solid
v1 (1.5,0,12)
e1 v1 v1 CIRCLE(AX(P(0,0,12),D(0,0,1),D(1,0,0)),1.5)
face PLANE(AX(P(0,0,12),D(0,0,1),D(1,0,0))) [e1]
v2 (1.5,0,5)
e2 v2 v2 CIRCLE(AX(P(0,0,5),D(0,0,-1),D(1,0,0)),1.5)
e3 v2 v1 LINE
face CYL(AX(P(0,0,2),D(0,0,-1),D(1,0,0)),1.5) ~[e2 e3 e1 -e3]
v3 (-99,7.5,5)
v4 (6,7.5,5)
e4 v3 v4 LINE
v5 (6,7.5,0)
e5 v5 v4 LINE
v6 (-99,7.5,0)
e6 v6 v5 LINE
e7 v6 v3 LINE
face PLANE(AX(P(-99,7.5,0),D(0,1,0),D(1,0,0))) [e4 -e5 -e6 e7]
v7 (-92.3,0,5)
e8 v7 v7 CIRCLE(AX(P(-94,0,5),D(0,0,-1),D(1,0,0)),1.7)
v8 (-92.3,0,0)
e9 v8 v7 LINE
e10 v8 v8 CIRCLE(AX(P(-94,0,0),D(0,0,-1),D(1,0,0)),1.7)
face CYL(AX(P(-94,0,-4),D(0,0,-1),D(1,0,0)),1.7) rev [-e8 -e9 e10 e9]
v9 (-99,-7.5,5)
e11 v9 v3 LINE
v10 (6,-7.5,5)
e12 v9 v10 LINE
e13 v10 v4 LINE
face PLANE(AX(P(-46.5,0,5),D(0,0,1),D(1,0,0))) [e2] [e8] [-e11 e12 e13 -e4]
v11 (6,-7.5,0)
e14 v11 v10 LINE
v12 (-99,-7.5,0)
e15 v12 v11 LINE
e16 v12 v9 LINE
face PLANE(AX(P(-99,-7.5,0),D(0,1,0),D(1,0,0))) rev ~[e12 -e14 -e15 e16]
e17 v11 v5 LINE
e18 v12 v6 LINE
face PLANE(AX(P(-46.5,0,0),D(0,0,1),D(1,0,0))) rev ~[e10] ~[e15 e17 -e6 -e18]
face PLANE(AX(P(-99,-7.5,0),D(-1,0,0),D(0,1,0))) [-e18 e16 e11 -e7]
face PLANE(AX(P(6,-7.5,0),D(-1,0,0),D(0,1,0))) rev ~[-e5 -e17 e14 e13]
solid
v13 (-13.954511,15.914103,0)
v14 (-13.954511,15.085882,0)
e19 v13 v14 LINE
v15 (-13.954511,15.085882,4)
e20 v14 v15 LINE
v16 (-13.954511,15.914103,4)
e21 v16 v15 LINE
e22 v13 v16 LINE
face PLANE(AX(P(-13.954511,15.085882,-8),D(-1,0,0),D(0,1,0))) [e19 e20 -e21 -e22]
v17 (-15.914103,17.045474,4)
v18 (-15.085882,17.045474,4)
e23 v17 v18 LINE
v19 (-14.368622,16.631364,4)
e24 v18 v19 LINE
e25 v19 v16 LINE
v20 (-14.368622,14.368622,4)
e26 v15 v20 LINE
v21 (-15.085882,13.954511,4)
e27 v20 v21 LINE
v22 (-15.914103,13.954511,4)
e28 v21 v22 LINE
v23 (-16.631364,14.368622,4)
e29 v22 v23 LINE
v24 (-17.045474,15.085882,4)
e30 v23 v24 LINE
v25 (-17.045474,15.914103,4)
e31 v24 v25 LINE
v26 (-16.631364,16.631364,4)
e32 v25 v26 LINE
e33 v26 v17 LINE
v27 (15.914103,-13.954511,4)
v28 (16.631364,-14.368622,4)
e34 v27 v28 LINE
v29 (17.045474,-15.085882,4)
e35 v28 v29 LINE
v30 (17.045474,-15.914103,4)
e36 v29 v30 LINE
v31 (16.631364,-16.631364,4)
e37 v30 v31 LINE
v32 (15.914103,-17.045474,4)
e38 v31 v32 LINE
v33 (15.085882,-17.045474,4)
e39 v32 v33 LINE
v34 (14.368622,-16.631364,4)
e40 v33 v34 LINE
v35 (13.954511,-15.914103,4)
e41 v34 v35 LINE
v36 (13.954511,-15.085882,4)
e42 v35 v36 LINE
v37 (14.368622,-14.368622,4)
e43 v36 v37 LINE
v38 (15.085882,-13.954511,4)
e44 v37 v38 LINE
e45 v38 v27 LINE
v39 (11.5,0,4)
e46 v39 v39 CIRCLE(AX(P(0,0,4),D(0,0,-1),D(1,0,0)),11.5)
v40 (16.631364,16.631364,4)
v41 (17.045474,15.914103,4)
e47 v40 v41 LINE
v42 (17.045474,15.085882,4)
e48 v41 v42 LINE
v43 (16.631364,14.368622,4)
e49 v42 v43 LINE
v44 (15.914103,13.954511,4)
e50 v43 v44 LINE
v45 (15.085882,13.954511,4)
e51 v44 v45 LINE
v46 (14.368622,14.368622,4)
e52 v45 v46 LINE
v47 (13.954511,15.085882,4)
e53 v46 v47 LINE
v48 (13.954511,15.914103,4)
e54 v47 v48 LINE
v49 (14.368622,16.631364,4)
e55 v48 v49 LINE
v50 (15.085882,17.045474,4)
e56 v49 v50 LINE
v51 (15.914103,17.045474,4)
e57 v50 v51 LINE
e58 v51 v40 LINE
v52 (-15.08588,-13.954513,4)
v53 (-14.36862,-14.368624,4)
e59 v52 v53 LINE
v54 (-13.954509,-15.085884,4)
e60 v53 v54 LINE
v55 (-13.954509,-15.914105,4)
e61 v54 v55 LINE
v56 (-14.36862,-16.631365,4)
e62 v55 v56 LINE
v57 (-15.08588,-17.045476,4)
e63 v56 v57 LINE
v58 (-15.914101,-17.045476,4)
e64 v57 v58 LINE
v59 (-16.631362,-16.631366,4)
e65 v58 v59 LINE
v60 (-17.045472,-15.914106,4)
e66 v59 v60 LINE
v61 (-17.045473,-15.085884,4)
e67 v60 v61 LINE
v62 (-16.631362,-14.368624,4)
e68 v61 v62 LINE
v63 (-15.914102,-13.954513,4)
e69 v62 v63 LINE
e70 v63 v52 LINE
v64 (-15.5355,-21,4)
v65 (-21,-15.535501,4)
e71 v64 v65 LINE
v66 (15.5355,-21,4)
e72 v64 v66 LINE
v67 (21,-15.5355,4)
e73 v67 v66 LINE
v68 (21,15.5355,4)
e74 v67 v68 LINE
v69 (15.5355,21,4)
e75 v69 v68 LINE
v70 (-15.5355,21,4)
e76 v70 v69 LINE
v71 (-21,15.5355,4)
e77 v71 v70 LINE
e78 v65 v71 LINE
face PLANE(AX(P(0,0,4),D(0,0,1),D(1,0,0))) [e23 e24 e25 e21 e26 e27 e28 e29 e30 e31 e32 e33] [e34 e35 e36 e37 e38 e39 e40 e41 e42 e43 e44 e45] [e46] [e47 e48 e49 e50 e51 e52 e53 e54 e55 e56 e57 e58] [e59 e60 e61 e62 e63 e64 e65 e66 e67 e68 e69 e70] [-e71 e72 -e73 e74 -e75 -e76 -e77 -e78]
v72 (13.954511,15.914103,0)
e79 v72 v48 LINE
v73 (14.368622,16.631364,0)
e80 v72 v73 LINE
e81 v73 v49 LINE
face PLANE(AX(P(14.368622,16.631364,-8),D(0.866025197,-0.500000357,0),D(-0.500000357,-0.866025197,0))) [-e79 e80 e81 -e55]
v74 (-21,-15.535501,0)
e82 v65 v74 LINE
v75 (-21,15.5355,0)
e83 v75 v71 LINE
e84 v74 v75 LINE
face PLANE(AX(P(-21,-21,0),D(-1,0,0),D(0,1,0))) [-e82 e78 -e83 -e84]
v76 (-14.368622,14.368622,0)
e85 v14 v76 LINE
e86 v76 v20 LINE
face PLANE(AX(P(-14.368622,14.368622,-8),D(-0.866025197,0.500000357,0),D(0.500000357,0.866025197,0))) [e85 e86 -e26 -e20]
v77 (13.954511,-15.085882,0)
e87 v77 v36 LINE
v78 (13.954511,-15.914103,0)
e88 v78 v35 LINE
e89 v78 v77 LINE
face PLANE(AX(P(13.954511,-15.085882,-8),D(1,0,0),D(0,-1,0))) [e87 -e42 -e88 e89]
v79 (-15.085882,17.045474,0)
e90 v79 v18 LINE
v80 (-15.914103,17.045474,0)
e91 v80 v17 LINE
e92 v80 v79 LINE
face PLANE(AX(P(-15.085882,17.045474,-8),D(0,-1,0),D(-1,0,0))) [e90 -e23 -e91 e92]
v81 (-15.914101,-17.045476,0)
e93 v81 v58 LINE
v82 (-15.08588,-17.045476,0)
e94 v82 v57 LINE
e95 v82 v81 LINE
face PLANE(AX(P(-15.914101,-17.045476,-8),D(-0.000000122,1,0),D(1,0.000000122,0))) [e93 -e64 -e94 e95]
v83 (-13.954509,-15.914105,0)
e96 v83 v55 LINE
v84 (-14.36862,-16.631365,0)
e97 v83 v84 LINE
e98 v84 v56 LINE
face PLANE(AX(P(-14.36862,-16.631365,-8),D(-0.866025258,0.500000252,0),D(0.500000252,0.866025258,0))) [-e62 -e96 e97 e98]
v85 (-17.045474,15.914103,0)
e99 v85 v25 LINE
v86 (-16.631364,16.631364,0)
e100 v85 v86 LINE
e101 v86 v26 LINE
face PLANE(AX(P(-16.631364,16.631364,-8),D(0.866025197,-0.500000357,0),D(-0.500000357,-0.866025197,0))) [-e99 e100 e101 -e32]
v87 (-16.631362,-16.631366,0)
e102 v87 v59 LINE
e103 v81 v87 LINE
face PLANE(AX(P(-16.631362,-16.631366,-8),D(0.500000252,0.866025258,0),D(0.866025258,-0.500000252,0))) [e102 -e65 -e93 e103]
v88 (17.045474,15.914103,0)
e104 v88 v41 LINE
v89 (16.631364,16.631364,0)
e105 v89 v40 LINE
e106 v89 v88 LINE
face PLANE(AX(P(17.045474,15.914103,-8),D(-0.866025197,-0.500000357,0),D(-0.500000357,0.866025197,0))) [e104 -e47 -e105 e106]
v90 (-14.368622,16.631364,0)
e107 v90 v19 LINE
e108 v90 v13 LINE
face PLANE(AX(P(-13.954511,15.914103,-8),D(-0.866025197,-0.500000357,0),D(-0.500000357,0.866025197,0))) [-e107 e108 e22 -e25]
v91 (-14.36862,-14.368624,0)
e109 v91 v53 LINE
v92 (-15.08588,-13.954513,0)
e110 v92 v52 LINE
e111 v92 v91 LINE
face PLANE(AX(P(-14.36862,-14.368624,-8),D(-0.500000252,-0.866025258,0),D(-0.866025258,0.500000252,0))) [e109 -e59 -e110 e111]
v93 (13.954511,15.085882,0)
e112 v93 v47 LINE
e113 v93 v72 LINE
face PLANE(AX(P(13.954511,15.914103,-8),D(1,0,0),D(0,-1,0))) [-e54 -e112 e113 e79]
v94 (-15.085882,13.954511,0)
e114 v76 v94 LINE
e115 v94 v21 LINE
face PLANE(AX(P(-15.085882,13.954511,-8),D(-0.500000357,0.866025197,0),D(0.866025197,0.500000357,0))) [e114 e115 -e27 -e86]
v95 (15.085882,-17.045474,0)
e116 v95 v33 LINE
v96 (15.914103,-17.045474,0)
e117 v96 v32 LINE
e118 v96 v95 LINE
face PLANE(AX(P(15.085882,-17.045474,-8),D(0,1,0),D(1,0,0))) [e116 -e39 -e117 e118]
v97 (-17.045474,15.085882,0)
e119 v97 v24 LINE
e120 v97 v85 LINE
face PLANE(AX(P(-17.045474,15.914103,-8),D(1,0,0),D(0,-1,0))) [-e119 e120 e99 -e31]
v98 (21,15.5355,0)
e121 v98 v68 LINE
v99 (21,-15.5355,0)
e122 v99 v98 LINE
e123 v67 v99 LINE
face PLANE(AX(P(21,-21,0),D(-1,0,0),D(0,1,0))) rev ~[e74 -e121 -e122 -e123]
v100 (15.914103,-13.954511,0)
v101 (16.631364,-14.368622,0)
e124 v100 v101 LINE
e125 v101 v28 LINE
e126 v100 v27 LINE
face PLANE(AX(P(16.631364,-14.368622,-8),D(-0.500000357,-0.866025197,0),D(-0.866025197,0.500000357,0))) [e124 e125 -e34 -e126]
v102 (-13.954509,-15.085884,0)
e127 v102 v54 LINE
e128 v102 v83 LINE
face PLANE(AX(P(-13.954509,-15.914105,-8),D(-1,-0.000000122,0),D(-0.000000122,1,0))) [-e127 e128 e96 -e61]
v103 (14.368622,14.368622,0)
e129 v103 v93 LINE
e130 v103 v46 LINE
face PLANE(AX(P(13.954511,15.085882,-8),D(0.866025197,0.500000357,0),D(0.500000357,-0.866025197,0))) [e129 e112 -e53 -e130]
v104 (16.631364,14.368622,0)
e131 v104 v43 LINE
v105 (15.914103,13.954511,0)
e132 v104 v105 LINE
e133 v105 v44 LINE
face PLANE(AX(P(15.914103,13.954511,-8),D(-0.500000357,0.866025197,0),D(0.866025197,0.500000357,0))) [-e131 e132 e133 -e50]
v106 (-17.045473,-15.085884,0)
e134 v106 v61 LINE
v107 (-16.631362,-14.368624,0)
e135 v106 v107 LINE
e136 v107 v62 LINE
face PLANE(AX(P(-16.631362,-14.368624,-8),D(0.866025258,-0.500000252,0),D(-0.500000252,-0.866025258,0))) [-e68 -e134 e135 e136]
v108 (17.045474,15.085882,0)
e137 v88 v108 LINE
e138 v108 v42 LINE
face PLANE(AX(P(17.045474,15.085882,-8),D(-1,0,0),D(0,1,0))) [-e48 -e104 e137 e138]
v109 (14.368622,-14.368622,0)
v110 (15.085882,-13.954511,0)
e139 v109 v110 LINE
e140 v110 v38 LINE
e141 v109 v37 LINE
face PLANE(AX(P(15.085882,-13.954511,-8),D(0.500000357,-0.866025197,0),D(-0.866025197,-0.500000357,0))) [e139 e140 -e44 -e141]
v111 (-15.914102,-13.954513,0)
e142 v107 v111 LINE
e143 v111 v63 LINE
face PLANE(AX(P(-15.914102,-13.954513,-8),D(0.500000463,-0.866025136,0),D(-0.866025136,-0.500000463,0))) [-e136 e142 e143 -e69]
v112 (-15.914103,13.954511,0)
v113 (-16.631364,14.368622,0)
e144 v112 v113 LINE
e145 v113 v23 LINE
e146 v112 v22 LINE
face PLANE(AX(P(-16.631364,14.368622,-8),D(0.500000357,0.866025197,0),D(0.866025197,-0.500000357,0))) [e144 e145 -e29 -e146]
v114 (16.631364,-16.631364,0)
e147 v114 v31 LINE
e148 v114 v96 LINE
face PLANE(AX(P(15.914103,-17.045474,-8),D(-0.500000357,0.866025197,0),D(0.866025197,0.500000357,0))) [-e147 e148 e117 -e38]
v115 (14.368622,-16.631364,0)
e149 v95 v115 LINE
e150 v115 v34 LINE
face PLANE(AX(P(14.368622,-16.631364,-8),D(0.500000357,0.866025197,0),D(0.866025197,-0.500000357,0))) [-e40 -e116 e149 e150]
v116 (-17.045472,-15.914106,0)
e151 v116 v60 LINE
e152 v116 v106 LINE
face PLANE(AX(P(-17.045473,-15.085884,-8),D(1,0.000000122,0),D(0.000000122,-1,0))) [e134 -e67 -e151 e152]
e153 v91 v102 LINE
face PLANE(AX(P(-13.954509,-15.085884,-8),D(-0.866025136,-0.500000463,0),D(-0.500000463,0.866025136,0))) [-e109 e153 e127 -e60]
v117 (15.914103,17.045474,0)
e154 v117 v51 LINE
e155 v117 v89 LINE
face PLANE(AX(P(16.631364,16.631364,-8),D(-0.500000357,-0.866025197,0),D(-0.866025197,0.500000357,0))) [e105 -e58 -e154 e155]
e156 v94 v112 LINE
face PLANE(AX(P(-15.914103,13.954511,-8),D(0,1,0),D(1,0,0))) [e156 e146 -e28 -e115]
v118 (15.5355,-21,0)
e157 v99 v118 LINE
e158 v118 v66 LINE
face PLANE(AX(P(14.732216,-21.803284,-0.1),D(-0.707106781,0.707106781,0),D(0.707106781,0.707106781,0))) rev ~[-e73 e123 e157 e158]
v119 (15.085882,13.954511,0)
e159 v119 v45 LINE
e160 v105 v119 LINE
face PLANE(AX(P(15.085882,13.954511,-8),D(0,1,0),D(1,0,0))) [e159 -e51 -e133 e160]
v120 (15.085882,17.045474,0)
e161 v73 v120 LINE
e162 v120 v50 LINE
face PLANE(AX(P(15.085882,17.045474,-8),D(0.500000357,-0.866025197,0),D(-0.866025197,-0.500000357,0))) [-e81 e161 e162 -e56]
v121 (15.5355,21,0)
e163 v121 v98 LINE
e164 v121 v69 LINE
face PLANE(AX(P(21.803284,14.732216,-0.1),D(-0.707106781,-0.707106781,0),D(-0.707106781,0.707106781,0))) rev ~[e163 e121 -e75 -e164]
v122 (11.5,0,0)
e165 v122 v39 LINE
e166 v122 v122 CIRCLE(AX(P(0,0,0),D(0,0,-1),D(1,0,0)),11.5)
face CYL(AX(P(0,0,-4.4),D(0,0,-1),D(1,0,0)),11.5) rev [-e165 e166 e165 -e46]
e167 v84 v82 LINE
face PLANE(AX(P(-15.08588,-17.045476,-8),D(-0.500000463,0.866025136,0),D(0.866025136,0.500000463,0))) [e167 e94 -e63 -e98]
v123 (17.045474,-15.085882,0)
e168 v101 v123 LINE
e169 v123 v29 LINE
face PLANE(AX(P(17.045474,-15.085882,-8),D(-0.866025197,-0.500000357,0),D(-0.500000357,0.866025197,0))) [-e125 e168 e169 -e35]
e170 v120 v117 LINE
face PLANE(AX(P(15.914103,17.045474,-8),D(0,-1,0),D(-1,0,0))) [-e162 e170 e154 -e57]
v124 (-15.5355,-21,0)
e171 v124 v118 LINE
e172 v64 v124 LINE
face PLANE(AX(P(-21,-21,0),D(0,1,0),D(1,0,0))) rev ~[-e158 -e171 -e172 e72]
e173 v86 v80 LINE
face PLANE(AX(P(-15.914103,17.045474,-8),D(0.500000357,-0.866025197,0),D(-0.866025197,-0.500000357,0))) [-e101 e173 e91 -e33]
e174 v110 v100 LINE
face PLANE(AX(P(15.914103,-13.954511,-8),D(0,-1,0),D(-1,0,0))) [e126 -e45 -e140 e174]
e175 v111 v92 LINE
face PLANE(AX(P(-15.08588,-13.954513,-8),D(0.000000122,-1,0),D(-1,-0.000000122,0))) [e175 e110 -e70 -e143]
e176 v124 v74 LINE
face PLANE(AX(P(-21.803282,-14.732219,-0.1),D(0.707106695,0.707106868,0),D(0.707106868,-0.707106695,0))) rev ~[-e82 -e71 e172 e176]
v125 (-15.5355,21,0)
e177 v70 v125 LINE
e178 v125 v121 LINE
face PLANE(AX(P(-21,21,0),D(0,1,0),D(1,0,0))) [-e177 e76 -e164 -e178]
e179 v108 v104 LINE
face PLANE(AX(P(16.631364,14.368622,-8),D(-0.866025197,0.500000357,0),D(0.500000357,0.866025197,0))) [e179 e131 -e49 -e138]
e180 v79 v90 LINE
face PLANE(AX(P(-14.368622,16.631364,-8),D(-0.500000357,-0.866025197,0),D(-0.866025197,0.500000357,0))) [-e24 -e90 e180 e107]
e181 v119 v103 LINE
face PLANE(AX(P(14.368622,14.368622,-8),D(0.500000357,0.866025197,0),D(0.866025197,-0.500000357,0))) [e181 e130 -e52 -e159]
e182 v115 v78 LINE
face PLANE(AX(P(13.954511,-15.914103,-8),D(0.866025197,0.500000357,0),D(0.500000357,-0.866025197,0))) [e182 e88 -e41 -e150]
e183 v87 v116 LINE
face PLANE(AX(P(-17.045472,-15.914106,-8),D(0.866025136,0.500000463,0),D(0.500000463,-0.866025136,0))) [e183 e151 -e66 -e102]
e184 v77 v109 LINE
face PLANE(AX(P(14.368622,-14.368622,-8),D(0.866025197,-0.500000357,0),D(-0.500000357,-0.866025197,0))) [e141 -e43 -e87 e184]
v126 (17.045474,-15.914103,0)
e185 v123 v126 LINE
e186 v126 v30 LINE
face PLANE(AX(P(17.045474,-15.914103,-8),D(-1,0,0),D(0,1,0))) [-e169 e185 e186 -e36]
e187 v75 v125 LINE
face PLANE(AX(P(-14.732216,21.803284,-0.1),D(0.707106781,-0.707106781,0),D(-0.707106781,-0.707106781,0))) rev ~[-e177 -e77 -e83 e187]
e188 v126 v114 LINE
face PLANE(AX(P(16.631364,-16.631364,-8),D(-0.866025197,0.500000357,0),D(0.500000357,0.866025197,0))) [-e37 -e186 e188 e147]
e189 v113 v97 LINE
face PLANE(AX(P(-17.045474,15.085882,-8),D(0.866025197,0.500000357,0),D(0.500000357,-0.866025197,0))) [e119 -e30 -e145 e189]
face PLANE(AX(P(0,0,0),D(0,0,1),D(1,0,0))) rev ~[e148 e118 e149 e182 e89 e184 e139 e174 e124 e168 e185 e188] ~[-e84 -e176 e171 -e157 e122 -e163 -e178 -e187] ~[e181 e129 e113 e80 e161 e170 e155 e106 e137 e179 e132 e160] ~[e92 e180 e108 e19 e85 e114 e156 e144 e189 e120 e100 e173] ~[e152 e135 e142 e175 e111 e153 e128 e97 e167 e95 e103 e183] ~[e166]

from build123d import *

# Parameters (mm, degrees)
CYLINDER_R               = 11.5
CYLINDER_DEPTH           = 8.8
PRISM001_DEPTH           = 16
CUBE002_W                = 5
CUBE002_H                = 10
CUBE002_DEPTH            = 4.2
UNION001_PLACEMENT_ANGLE = 135
PRISM002_DEPTH           = 16
CUBE003_W                = 5
CUBE003_H                = 10
CUBE003_DEPTH            = 4.2
UNION002_PLACEMENT_ANGLE = 225.000007
PRISM003_DEPTH           = 16
CUBE004_W                = 5
CUBE004_H                = 10
CUBE004_DEPTH            = 4.2
UNION003_PLACEMENT_ANGLE = -45
PRISM_DEPTH              = 16
CUBE001_W                = 5
CUBE001_H                = 10
CUBE001_DEPTH            = 4.2
UNION_PLACEMENT_ANGLE    = 45
CUBE_W                   = 42
CUBE_H                   = 42
CUBE_DEPTH               = 4
CYLINDER001_R            = 1.5
CYLINDER001_DEPTH        = 10
CYLINDER_R_2             = 1.7
CYLINDER_DEPTH_2         = 10
BOX_W                    = 105
BOX_H                    = 15
BOX_DEPTH                = 5


with BuildPart() as cylinder:
    # cylinder → cylinder (new body)
    with BuildSketch(Plane.XY.offset(-4.4)):
        Circle(CYLINDER_R)
    extrude(amount=CYLINDER_DEPTH)


with BuildPart() as prism001:
    # prism001 → prism001 (new body)
    with BuildSketch(Plane(origin=(21.9203, 0, -8), x_dir=(1, 0, 0), z_dir=(0, 0, 1))):
        Polygon((1.6, 0), (1.385641, 0.8), (0.8, 1.385641), (0, 1.6), (-0.8, 1.385641), (-1.385641, 0.8), (-1.6, 0), (-1.385641, -0.8), (-0.8, -1.385641), (0, -1.6), (0.8, -1.385641), (1.385641, -0.8), align=None)
    extrude(amount=PRISM001_DEPTH)


with BuildPart() as union001:
    # cube002 → cube002 (new body)
    with BuildSketch(Plane(origin=(25.8345, -5, -0.1), x_dir=(1, 0, 0), z_dir=(0, 0, 1))):
        with Locations((2.5, 5)):
            Rectangle(CUBE002_W, CUBE002_H)
    extrude(amount=CUBE002_DEPTH)

    # union001: union prism001
    add(prism001.part)


with BuildPart() as union001_1:
    # union001 placement: moved
    add(union001.part.rotate(Axis((0, 0, 0), (0, 0, 1)), UNION001_PLACEMENT_ANGLE))


with BuildPart() as prism002:
    # prism002 → prism002 (new body)
    with BuildSketch(Plane(origin=(21.9203, 0, -8), x_dir=(1, 0, 0), z_dir=(0, 0, 1))):
        Polygon((1.6, 0), (1.385641, 0.8), (0.8, 1.385641), (0, 1.6), (-0.8, 1.385641), (-1.385641, 0.8), (-1.6, 0), (-1.385641, -0.8), (-0.8, -1.385641), (0, -1.6), (0.8, -1.385641), (1.385641, -0.8), align=None)
    extrude(amount=PRISM002_DEPTH)


with BuildPart() as union002:
    # cube003 → cube003 (new body)
    with BuildSketch(Plane(origin=(25.8345, -5, -0.1), x_dir=(1, 0, 0), z_dir=(0, 0, 1))):
        with Locations((2.5, 5)):
            Rectangle(CUBE003_W, CUBE003_H)
    extrude(amount=CUBE003_DEPTH)

    # union002: union prism002
    add(prism002.part)


with BuildPart() as union002_1:
    # union002 placement: moved
    add(union002.part.rotate(Axis((0, 0, 0), (0, 0, 1)), UNION002_PLACEMENT_ANGLE))


with BuildPart() as prism003:
    # prism003 → prism003 (new body)
    with BuildSketch(Plane(origin=(21.9203, 0, -8), x_dir=(1, 0, 0), z_dir=(0, 0, 1))):
        Polygon((1.6, 0), (1.385641, 0.8), (0.8, 1.385641), (0, 1.6), (-0.8, 1.385641), (-1.385641, 0.8), (-1.6, 0), (-1.385641, -0.8), (-0.8, -1.385641), (0, -1.6), (0.8, -1.385641), (1.385641, -0.8), align=None)
    extrude(amount=PRISM003_DEPTH)


with BuildPart() as union003:
    # cube004 → cube004 (new body)
    with BuildSketch(Plane(origin=(25.8345, -5, -0.1), x_dir=(1, 0, 0), z_dir=(0, 0, 1))):
        with Locations((2.5, 5)):
            Rectangle(CUBE004_W, CUBE004_H)
    extrude(amount=CUBE004_DEPTH)

    # union003: union prism003
    add(prism003.part)


with BuildPart() as union003_1:
    # union003 placement: moved
    add(union003.part.rotate(Axis((0, 0, 0), (0, 0, 1)), UNION003_PLACEMENT_ANGLE))


with BuildPart() as prism:
    # prism → prism (new body)
    with BuildSketch(Plane(origin=(21.9203, 0, -8), x_dir=(1, 0, 0), z_dir=(0, 0, 1))):
        Polygon((1.6, 0), (1.385641, 0.8), (0.8, 1.385641), (0, 1.6), (-0.8, 1.385641), (-1.385641, 0.8), (-1.6, 0), (-1.385641, -0.8), (-0.8, -1.385641), (0, -1.6), (0.8, -1.385641), (1.385641, -0.8), align=None)
    extrude(amount=PRISM_DEPTH)


with BuildPart() as union004:
    # cube001 → cube001 (new body)
    with BuildSketch(Plane(origin=(25.8345, -5, -0.1), x_dir=(1, 0, 0), z_dir=(0, 0, 1))):
        with Locations((2.5, 5)):
            Rectangle(CUBE001_W, CUBE001_H)
    extrude(amount=CUBE001_DEPTH)

    # union: union prism
    add(prism.part)


with BuildPart() as union004_1:
    # union placement: moved
    add(union004.part.rotate(Axis((0, 0, 0), (0, 0, 1)), UNION_PLACEMENT_ANGLE))

    # Group: union union001, union002, union003
    add(union001_1.part)
    add(union002_1.part)
    add(union003_1.part)

    # union004: union cylinder
    add(cylinder.part)


with BuildPart() as difference:
    # cube → cube (new body)
    with BuildSketch(Plane(origin=(-21, -21, 0), x_dir=(1, 0, 0), z_dir=(0, 0, 1))):
        with Locations((21, 21)):
            Rectangle(CUBE_W, CUBE_H)
    extrude(amount=CUBE_DEPTH)

    # difference: cut union004
    add(union004_1.part, mode=Mode.SUBTRACT)


with BuildPart() as cylinder001:
    # Cylinder001 → Cylinder001 (new body)
    with BuildSketch(Plane.XY.offset(2)):
        Circle(CYLINDER001_R)
    extrude(amount=CYLINDER001_DEPTH)


with BuildPart() as cylinder_body:
    # Cylinder → Cylinder (new body)
    with BuildSketch(Plane(origin=(-94, 0, -4), x_dir=(1, 0, 0), z_dir=(0, 0, 1))):
        Circle(CYLINDER_R_2)
    extrude(amount=CYLINDER_DEPTH_2)


with BuildPart() as fusion:
    # Box → Box (new body)
    with BuildSketch(Plane(origin=(-99, -7.5, 0), x_dir=(1, 0, 0), z_dir=(0, 0, 1))):
        with Locations((52.5, 7.5)):
            Rectangle(BOX_W, BOX_H)
    extrude(amount=BOX_DEPTH)

    # Cut: cut Cylinder body
    add(cylinder_body.part, mode=Mode.SUBTRACT)

    # Fusion: union Cylinder001
    add(cylinder001.part)


solid = Compound([difference.part, fusion.part])
